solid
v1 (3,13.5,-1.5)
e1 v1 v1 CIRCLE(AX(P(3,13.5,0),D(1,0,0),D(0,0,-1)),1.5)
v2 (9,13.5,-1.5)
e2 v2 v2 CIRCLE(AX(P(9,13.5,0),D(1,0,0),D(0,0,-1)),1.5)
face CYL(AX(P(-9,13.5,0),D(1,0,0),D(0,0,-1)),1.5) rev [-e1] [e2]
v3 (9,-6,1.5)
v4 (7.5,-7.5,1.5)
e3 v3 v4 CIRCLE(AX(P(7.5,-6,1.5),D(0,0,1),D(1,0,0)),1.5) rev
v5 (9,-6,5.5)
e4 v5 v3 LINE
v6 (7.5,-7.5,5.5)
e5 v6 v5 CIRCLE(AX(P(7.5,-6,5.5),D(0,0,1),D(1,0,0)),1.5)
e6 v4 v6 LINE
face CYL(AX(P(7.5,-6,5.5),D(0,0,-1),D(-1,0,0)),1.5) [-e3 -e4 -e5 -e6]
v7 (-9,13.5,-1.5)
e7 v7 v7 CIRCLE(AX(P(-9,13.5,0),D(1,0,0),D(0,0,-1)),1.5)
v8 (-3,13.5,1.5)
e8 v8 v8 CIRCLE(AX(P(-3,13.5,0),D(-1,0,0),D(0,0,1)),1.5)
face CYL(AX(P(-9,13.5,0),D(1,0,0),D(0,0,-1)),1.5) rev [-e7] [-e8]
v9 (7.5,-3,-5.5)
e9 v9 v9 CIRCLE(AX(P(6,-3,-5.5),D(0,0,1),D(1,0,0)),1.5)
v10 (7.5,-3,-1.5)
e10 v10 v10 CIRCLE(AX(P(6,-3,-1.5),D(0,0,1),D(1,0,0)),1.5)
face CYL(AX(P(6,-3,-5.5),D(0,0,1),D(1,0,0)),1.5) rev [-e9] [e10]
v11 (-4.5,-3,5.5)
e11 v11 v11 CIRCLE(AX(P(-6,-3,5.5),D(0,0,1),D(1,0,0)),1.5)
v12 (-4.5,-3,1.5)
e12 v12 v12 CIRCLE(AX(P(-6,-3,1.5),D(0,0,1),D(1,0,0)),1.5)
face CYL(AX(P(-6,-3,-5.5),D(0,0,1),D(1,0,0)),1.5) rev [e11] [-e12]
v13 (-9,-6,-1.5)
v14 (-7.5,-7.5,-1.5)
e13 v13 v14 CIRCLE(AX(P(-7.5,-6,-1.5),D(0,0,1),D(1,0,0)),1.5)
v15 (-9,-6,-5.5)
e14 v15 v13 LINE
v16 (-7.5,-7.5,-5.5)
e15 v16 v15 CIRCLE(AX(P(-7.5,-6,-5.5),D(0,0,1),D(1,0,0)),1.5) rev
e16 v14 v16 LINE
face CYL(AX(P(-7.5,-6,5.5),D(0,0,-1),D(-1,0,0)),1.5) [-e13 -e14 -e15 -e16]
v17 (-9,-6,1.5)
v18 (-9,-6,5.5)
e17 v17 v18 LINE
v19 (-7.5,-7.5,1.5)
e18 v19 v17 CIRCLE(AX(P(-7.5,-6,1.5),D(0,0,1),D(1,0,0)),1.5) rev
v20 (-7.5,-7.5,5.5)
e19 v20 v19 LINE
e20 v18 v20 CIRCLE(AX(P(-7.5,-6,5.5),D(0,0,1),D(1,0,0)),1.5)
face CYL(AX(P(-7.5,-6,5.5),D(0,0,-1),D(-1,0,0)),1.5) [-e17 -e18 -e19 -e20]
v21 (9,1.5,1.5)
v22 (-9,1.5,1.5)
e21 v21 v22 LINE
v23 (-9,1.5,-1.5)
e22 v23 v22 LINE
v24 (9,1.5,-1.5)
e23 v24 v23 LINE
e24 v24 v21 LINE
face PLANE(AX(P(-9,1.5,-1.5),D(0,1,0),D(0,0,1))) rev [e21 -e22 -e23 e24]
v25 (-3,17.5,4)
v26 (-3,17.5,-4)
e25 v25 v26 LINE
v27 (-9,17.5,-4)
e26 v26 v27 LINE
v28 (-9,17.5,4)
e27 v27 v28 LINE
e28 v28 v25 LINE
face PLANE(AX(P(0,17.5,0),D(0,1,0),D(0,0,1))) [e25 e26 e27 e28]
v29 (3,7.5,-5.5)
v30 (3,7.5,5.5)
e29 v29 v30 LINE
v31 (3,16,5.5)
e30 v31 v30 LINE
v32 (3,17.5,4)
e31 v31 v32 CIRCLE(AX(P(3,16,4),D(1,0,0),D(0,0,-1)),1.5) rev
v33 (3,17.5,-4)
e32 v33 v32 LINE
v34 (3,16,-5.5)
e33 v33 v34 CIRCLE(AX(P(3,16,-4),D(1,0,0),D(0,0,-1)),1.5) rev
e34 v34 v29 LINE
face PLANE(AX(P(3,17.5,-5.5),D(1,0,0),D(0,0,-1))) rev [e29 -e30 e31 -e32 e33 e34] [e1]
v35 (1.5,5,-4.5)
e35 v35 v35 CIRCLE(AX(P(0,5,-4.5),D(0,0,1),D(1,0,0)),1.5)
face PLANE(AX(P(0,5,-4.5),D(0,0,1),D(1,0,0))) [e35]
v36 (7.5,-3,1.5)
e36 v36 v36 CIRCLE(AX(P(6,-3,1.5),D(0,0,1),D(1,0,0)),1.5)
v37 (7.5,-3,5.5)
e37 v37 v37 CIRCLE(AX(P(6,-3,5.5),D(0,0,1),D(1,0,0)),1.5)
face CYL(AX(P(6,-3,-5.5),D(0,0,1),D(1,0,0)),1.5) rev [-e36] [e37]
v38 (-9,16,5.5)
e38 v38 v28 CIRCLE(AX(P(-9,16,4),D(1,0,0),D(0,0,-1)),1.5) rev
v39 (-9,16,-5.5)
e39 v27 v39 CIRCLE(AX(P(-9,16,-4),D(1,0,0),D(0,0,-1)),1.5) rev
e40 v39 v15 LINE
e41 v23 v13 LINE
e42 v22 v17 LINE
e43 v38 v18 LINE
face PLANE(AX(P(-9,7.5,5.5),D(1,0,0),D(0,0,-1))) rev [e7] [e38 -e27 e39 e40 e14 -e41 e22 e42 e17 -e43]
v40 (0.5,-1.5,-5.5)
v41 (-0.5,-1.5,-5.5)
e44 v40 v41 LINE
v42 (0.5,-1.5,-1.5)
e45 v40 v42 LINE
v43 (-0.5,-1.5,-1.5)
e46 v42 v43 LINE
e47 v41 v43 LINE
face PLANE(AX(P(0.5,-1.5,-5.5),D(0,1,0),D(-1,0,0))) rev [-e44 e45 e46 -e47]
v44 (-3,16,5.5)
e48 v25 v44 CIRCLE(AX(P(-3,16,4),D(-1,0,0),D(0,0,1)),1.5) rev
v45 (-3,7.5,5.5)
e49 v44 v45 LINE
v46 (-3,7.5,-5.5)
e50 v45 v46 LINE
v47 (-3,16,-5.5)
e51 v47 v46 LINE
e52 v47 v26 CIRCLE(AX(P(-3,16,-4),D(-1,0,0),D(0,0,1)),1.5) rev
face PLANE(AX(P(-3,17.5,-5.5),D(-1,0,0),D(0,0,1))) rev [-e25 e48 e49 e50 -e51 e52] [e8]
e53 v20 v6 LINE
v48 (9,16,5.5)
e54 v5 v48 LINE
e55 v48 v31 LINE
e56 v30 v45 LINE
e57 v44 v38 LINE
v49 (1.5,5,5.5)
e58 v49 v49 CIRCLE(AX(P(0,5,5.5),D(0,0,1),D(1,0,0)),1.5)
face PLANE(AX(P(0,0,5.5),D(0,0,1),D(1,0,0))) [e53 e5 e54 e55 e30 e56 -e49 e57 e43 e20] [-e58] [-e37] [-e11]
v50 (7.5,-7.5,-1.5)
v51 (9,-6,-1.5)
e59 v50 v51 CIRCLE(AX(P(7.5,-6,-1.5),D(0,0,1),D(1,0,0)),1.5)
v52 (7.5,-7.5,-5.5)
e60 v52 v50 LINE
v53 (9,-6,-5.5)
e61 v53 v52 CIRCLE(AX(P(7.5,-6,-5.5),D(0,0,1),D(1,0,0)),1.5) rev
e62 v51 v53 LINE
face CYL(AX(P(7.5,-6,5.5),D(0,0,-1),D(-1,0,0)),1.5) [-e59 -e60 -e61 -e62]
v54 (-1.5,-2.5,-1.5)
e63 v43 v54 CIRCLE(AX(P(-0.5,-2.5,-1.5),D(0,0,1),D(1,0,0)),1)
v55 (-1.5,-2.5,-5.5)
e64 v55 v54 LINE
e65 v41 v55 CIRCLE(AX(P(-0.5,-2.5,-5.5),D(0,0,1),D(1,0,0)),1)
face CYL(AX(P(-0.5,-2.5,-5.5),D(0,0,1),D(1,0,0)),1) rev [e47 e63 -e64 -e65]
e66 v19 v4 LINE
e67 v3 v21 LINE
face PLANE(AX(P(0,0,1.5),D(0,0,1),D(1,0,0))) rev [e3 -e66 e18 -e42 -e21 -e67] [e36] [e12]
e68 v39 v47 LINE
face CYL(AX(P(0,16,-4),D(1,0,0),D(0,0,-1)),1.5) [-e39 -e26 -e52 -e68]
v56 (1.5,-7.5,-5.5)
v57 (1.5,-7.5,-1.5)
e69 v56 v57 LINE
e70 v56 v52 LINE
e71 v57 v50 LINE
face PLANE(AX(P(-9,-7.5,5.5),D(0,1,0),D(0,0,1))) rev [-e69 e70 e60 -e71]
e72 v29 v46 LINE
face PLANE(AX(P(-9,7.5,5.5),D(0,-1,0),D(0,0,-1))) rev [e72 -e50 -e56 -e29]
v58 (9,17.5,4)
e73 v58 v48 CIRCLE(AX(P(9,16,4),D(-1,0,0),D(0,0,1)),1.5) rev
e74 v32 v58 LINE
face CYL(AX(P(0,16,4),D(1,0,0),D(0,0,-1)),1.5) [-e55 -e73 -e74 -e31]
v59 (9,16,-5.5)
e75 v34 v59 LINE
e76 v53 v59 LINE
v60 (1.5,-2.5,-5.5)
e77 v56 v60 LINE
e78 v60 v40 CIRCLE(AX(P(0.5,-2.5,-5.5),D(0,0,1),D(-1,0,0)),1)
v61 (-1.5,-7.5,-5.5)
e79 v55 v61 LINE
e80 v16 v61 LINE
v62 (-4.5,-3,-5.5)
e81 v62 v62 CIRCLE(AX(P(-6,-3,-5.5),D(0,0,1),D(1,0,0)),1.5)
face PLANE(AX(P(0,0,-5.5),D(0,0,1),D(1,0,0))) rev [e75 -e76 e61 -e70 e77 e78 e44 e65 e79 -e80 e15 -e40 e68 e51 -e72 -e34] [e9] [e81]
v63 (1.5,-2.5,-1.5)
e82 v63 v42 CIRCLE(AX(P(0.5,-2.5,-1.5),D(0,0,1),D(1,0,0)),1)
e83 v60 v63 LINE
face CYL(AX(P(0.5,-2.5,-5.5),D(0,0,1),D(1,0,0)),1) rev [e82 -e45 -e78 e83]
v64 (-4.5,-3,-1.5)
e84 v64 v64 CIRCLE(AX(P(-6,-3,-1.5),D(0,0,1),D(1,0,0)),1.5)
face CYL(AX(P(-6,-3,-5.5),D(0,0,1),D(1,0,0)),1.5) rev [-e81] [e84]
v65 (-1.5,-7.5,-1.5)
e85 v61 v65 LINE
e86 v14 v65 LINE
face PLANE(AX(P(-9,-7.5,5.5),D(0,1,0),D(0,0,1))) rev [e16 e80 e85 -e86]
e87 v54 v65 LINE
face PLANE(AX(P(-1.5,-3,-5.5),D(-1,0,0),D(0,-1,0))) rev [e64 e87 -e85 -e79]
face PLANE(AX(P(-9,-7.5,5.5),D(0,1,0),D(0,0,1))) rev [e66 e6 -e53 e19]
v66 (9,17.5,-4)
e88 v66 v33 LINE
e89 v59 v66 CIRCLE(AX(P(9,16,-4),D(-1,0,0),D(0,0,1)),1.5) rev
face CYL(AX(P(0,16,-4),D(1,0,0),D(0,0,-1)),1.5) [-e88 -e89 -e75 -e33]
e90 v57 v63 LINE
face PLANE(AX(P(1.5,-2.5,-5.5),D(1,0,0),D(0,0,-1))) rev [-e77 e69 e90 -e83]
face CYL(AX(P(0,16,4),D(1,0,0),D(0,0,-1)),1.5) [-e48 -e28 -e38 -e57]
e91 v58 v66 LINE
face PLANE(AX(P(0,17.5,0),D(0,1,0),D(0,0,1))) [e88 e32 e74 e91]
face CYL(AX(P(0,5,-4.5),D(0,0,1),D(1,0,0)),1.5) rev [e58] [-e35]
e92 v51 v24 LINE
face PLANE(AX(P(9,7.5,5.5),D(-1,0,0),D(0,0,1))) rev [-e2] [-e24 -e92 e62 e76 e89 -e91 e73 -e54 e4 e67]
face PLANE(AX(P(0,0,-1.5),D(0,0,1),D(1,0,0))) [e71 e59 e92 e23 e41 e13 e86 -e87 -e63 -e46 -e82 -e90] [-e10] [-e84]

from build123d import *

# Parameters (mm, degrees)
CROQUIS2_W                 = 18
CROQUIS2_H                 = 15
SALIENTE_EXTRUIR1_DEPTH    = 5.5
CROQUIS3_W                 = 18
CROQUIS3_H                 = 9
CORTAR_EXTRUIR1_DEPTH      = 1.5
CORTAR_EXTRUIR2_DEPTH      = 13.942179106
CROQUIS10_W                = 6
CROQUIS10_H                = 11
SALIENTE_EXTRUIR4_DEPTH    = 10
CORTAR_EXTRUIR3_DEPTH      = 21.432816742
CORTAR_EXTRUIR3_DEPTH_BACK = 21.432816742
CROQUIS7_R                 = 1.5
CORTAR_EXTRUIR4_DEPTH      = 21.432816742
CORTAR_EXTRUIR4_DEPTH_BACK = 21.432816742
CROQUIS11_R                = 1.5
REDONDEO2_R                = 1.5
REDONDEO3_R                = 1.5
CROQUIS15_R                = 1.5
CORTAR_EXTRUIR7_DEPTH      = 10


with BuildPart() as part:
    # Croquis2 → Saliente-Extruir1 (new, symmetric)
    with BuildSketch(Plane.XY):
        Rectangle(CROQUIS2_W, CROQUIS2_H)
    extrude(amount=SALIENTE_EXTRUIR1_DEPTH, both=True)

    # Croquis3 → Cortar-Extruir1 (cut, symmetric)
    with BuildSketch(Plane.XY):
        with Locations((0, -3)):
            Rectangle(CROQUIS3_W, CROQUIS3_H)
    extrude(amount=CORTAR_EXTRUIR1_DEPTH, both=True, mode=Mode.SUBTRACT)

    # Croquis4 → Cortar-Extruir2 (cut, through all)
    with BuildSketch(Plane.XY):
        with BuildLine():
            Line((0.5, -1.5), (-0.5, -1.5))
            ThreePointArc((-0.5, -1.5), (-1.207106781, -1.792893219), (-1.5, -2.5))
            Line((-1.5, -2.5), (-1.5, -3))
            Line((-1.5, -3), (-1.5, -7.5))
            Line((-1.5, -7.5), (1.5, -7.5))
            Line((1.5, -7.5), (1.5, -3))
            Line((1.5, -3), (1.5, -2.5))
            ThreePointArc((1.5, -2.5), (1.207106781, -1.792893219), (0.5, -1.5))
        make_face()
    extrude(amount=-CORTAR_EXTRUIR2_DEPTH, mode=Mode.SUBTRACT)

    # Croquis10 → Saliente-Extruir4 (add)
    with BuildSketch(Plane(origin=(0, 7.5, 0), x_dir=(1, 0, 0), z_dir=(0, 1, 0))):
        with Locations((-6, 0)):
            Rectangle(CROQUIS10_W, CROQUIS10_H)
        with Locations((6, 0)):
            Rectangle(CROQUIS10_W, CROQUIS10_H)
    extrude(amount=SALIENTE_EXTRUIR4_DEPTH)

    # Croquis7 → Cortar-Extruir3 (cut, two sides: drawn at the far end of the back side and taken through both)
    with BuildSketch(Plane(origin=(0, 0, 0), x_dir=(0, 0, -1), z_dir=(1, 0, 0)).offset(-CORTAR_EXTRUIR3_DEPTH_BACK)):
        with Locations((0, 13.5)):
            Circle(CROQUIS7_R)
    extrude(amount=CORTAR_EXTRUIR3_DEPTH + CORTAR_EXTRUIR3_DEPTH_BACK, mode=Mode.SUBTRACT)

    # Croquis11 → Cortar-Extruir4 (cut, two sides: drawn at the far end of the back side and taken through both)
    with BuildSketch(Plane.XY.offset(-CORTAR_EXTRUIR4_DEPTH_BACK)):
        with Locations((6, -3)):
            Circle(CROQUIS11_R)
        with Locations((-6, -3)):
            Circle(CROQUIS11_R)
    extrude(amount=CORTAR_EXTRUIR4_DEPTH + CORTAR_EXTRUIR4_DEPTH_BACK, mode=Mode.SUBTRACT)

    # Redondeo2
    redondeo2_edges = [part.edges().sort_by_distance(p)[0] for p in [
        (6, 17.5, -5.5),
        (6, 17.5, 5.5),
        (-6, 17.5, 5.5),
        (-6, 17.5, -5.5),
    ]]
    fillet(redondeo2_edges, radius=REDONDEO2_R)

    # Redondeo3
    redondeo3_edges = [part.edges().sort_by_distance(p)[0] for p in [
        (9, -7.5, -3.5),
        (-9, -7.5, -3.5),
        (9, -7.5, 3.5),
        (-9, -7.5, 3.5),
    ]]
    fillet(redondeo3_edges, radius=REDONDEO3_R)

    # Croquis15 → Cortar-Extruir7 (cut)
    with BuildSketch(Plane.XY.offset(5.5)):
        with Locations((0, 5)):
            Circle(CROQUIS15_R)
    extrude(amount=-CORTAR_EXTRUIR7_DEPTH, mode=Mode.SUBTRACT)


solid = part.part
